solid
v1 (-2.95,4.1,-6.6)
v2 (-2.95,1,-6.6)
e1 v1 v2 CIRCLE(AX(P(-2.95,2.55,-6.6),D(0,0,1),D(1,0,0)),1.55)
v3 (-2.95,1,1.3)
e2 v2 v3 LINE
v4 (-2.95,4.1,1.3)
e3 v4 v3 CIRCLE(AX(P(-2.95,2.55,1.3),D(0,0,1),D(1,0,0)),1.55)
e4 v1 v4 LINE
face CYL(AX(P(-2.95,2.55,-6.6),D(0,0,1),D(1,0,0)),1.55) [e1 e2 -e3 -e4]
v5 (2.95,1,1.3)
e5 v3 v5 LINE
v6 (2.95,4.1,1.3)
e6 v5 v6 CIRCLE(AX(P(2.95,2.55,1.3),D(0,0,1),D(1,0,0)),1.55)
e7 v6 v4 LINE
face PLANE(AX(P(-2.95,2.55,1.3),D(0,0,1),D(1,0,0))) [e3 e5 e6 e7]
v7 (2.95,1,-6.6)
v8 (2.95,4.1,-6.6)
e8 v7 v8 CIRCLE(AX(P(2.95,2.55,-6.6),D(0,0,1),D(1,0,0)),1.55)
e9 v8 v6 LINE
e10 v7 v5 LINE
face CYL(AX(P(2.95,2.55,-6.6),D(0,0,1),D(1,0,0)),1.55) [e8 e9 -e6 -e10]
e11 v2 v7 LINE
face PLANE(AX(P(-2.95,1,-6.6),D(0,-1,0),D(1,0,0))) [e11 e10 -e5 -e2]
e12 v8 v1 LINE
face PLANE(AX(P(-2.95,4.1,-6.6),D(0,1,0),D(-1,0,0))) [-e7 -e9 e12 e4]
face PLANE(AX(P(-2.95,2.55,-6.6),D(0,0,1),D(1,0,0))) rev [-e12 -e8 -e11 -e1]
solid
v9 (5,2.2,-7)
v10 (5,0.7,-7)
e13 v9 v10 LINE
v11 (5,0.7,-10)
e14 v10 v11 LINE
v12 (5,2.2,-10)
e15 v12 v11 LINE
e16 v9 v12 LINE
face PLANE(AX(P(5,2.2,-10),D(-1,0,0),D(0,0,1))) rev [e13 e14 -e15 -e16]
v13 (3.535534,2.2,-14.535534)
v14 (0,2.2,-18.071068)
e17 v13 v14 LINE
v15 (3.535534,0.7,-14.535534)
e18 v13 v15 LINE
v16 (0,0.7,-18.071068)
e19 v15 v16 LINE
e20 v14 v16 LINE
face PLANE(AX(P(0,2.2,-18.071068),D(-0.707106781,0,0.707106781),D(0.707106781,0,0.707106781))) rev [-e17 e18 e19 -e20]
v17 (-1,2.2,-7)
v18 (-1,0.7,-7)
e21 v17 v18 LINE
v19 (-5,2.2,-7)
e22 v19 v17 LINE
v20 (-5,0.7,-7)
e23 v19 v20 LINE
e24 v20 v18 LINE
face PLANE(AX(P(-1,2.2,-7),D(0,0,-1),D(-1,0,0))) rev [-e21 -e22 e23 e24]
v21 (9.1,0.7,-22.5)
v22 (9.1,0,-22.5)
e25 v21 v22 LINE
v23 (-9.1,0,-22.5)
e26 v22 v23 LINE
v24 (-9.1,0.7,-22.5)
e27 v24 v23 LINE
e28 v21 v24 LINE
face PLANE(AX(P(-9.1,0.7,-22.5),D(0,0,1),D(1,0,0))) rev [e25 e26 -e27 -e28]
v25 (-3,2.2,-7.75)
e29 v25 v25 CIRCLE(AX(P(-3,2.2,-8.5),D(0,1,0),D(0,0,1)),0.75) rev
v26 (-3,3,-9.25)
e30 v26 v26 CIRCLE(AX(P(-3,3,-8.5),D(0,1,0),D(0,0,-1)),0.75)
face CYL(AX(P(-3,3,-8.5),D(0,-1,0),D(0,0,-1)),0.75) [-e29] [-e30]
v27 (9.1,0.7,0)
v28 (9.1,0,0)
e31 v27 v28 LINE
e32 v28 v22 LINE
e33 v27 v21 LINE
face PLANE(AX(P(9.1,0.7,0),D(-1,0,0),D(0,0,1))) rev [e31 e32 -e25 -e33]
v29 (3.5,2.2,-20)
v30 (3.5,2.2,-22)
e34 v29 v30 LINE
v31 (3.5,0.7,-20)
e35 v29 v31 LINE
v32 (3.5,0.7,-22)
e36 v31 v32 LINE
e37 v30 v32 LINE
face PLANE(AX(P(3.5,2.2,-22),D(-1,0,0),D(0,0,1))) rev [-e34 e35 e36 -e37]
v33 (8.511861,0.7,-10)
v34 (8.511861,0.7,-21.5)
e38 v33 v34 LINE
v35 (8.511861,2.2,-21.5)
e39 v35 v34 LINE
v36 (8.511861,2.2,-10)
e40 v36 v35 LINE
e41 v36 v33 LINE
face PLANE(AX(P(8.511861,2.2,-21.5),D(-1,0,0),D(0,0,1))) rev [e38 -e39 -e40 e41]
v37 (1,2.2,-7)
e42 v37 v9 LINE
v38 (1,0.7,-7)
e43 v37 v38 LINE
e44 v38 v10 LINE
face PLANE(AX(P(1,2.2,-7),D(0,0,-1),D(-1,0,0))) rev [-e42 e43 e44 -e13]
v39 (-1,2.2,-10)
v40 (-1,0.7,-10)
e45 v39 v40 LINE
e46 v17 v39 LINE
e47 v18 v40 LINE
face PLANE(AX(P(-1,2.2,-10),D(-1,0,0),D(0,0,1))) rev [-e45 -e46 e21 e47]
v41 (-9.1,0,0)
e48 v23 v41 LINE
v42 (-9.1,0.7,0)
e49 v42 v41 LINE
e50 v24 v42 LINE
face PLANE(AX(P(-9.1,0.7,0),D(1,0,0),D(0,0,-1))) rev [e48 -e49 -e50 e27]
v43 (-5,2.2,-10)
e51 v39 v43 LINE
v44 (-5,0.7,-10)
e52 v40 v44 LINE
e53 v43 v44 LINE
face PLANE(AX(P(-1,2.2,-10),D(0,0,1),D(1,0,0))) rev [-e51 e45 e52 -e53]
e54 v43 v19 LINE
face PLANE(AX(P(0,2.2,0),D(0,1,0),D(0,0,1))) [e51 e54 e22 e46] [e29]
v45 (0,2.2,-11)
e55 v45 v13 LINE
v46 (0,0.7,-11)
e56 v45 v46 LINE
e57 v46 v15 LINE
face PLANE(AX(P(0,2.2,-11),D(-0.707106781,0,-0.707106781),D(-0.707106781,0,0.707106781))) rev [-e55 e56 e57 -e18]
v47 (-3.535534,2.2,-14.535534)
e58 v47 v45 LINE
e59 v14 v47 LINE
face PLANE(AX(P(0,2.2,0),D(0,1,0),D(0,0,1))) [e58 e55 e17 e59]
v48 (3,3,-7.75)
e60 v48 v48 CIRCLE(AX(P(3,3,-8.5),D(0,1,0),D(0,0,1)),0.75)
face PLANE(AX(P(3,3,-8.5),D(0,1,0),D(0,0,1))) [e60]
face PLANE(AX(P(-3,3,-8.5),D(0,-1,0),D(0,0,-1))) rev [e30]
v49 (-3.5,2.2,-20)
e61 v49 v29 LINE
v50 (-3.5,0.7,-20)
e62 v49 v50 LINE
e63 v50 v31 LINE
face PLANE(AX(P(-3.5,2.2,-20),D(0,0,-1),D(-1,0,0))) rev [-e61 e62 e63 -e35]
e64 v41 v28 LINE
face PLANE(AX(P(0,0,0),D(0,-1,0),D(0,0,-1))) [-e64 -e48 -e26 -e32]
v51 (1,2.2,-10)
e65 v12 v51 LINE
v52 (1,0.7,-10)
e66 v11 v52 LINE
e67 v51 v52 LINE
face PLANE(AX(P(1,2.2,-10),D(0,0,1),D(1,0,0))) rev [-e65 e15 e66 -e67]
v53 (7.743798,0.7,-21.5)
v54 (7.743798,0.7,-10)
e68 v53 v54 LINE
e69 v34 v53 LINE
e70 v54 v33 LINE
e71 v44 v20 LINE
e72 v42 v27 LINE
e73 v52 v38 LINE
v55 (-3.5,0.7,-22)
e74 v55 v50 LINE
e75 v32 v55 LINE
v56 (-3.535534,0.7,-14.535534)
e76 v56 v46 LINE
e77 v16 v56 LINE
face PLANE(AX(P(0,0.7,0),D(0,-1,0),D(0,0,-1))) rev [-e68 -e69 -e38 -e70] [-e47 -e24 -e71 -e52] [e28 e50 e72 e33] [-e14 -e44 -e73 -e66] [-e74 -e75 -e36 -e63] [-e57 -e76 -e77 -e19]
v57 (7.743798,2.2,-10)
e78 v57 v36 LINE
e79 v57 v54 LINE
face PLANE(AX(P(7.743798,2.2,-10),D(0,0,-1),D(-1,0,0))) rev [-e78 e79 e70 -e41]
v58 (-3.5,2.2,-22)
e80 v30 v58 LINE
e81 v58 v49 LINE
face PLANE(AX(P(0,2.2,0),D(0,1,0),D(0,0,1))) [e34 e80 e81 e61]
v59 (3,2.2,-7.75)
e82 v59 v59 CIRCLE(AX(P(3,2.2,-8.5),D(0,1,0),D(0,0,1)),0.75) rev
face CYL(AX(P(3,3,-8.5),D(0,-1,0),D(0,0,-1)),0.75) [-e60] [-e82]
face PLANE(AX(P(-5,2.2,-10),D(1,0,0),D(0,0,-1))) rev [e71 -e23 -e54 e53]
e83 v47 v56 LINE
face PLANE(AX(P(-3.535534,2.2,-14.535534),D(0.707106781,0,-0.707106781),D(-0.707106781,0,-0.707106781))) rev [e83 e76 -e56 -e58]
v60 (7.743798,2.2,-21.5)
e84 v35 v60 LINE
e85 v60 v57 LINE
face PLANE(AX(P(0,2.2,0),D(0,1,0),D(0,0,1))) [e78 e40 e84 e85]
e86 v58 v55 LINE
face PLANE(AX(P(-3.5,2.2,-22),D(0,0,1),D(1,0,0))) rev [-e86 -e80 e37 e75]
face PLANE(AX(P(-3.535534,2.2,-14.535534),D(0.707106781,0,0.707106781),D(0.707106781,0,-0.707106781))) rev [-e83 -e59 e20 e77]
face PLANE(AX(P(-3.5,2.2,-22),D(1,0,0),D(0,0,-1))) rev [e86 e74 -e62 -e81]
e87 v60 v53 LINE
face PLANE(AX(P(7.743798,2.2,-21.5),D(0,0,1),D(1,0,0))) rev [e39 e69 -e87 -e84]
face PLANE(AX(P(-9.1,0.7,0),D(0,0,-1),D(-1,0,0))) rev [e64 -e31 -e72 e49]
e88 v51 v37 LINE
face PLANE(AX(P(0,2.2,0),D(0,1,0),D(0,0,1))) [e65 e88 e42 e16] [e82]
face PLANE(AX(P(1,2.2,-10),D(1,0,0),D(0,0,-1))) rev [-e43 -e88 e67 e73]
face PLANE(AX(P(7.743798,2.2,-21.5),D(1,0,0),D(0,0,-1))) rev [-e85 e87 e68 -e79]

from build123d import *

# Parameters (mm, degrees)
SKETCH_1_W      = 18.2
SKETCH_1_H      = 22.5
EXTRUDE_1_DEPTH = 0.7
EXTRUDE_START   = 1.3
EXTRUDE_2_DEPTH = 7.9
SKETCH_3_W      = 4
SKETCH_3_H      = 3
SKETCH_3_W_2    = 7
SKETCH_3_H_2    = 2
SKETCH_3_W_3    = 0.768063184
SKETCH_3_H_3    = 11.5
EXTRUDE_3_DEPTH = 2.2
SKETCH_4_R      = 0.75
EXTRUDE_4_DEPTH = 3


with BuildPart() as part:
    # Эскиз1 → Бобышка-Вытянуть1 (new body)
    with BuildSketch(Plane(origin=(0, 0, 0), x_dir=(1, 0, 0), z_dir=(0, 1, 0))):
        with Locations((0, 11.25)):
            Rectangle(SKETCH_1_W, SKETCH_1_H)
    extrude(amount=EXTRUDE_1_DEPTH)

    # Эскиз3 → Бобышка-Вытянуть3 (add)
    with BuildSketch(Plane(origin=(0, 0, 0), x_dir=(1, 0, 0), z_dir=(0, 1, 0))):
        Polygon((-3.535533906, 14.535533906), (0, 18.071067812), (3.535533906, 14.535533906), (0, 11), align=None)
        with Locations((-3, 8.5)):
            Rectangle(SKETCH_3_W, SKETCH_3_H)
        with Locations((3, 8.5)):
            Rectangle(SKETCH_3_W, SKETCH_3_H)
        with Locations((0, 21)):
            Rectangle(SKETCH_3_W_2, SKETCH_3_H_2)
        with Locations((8.127829454, 15.75)):
            Rectangle(SKETCH_3_W_3, SKETCH_3_H_3)
    extrude(amount=EXTRUDE_3_DEPTH)

    # Эскиз4 → Бобышка-Вытянуть4 (add)
    with BuildSketch(Plane(origin=(0, 0, 0), x_dir=(1, 0, 0), z_dir=(0, 1, 0))):
        with Locations(Location((3, 8.5, 0), (0, 0, 270))):
            Circle(SKETCH_4_R)
        with Locations(Location((-3, 8.5, 0), (0, 0, 90))):
            Circle(SKETCH_4_R)
    extrude(amount=EXTRUDE_4_DEPTH)


with BuildPart() as body_2:
    # Эскиз2 → Бобышка-Вытянуть2 (new body)
    with BuildSketch(Plane.XY.offset(EXTRUDE_START)):
        with BuildLine():
            Line((-2.95, 4.1), (2.95, 4.1))
            ThreePointArc((2.95, 4.1), (4.5, 2.55), (2.95, 1))
            Line((2.95, 1), (-2.95, 1))
            ThreePointArc((-2.95, 1), (-4.5, 2.55), (-2.95, 4.1))
        make_face()
    extrude(amount=-EXTRUDE_2_DEPTH)


solid = Compound([part.part, body_2.part])
